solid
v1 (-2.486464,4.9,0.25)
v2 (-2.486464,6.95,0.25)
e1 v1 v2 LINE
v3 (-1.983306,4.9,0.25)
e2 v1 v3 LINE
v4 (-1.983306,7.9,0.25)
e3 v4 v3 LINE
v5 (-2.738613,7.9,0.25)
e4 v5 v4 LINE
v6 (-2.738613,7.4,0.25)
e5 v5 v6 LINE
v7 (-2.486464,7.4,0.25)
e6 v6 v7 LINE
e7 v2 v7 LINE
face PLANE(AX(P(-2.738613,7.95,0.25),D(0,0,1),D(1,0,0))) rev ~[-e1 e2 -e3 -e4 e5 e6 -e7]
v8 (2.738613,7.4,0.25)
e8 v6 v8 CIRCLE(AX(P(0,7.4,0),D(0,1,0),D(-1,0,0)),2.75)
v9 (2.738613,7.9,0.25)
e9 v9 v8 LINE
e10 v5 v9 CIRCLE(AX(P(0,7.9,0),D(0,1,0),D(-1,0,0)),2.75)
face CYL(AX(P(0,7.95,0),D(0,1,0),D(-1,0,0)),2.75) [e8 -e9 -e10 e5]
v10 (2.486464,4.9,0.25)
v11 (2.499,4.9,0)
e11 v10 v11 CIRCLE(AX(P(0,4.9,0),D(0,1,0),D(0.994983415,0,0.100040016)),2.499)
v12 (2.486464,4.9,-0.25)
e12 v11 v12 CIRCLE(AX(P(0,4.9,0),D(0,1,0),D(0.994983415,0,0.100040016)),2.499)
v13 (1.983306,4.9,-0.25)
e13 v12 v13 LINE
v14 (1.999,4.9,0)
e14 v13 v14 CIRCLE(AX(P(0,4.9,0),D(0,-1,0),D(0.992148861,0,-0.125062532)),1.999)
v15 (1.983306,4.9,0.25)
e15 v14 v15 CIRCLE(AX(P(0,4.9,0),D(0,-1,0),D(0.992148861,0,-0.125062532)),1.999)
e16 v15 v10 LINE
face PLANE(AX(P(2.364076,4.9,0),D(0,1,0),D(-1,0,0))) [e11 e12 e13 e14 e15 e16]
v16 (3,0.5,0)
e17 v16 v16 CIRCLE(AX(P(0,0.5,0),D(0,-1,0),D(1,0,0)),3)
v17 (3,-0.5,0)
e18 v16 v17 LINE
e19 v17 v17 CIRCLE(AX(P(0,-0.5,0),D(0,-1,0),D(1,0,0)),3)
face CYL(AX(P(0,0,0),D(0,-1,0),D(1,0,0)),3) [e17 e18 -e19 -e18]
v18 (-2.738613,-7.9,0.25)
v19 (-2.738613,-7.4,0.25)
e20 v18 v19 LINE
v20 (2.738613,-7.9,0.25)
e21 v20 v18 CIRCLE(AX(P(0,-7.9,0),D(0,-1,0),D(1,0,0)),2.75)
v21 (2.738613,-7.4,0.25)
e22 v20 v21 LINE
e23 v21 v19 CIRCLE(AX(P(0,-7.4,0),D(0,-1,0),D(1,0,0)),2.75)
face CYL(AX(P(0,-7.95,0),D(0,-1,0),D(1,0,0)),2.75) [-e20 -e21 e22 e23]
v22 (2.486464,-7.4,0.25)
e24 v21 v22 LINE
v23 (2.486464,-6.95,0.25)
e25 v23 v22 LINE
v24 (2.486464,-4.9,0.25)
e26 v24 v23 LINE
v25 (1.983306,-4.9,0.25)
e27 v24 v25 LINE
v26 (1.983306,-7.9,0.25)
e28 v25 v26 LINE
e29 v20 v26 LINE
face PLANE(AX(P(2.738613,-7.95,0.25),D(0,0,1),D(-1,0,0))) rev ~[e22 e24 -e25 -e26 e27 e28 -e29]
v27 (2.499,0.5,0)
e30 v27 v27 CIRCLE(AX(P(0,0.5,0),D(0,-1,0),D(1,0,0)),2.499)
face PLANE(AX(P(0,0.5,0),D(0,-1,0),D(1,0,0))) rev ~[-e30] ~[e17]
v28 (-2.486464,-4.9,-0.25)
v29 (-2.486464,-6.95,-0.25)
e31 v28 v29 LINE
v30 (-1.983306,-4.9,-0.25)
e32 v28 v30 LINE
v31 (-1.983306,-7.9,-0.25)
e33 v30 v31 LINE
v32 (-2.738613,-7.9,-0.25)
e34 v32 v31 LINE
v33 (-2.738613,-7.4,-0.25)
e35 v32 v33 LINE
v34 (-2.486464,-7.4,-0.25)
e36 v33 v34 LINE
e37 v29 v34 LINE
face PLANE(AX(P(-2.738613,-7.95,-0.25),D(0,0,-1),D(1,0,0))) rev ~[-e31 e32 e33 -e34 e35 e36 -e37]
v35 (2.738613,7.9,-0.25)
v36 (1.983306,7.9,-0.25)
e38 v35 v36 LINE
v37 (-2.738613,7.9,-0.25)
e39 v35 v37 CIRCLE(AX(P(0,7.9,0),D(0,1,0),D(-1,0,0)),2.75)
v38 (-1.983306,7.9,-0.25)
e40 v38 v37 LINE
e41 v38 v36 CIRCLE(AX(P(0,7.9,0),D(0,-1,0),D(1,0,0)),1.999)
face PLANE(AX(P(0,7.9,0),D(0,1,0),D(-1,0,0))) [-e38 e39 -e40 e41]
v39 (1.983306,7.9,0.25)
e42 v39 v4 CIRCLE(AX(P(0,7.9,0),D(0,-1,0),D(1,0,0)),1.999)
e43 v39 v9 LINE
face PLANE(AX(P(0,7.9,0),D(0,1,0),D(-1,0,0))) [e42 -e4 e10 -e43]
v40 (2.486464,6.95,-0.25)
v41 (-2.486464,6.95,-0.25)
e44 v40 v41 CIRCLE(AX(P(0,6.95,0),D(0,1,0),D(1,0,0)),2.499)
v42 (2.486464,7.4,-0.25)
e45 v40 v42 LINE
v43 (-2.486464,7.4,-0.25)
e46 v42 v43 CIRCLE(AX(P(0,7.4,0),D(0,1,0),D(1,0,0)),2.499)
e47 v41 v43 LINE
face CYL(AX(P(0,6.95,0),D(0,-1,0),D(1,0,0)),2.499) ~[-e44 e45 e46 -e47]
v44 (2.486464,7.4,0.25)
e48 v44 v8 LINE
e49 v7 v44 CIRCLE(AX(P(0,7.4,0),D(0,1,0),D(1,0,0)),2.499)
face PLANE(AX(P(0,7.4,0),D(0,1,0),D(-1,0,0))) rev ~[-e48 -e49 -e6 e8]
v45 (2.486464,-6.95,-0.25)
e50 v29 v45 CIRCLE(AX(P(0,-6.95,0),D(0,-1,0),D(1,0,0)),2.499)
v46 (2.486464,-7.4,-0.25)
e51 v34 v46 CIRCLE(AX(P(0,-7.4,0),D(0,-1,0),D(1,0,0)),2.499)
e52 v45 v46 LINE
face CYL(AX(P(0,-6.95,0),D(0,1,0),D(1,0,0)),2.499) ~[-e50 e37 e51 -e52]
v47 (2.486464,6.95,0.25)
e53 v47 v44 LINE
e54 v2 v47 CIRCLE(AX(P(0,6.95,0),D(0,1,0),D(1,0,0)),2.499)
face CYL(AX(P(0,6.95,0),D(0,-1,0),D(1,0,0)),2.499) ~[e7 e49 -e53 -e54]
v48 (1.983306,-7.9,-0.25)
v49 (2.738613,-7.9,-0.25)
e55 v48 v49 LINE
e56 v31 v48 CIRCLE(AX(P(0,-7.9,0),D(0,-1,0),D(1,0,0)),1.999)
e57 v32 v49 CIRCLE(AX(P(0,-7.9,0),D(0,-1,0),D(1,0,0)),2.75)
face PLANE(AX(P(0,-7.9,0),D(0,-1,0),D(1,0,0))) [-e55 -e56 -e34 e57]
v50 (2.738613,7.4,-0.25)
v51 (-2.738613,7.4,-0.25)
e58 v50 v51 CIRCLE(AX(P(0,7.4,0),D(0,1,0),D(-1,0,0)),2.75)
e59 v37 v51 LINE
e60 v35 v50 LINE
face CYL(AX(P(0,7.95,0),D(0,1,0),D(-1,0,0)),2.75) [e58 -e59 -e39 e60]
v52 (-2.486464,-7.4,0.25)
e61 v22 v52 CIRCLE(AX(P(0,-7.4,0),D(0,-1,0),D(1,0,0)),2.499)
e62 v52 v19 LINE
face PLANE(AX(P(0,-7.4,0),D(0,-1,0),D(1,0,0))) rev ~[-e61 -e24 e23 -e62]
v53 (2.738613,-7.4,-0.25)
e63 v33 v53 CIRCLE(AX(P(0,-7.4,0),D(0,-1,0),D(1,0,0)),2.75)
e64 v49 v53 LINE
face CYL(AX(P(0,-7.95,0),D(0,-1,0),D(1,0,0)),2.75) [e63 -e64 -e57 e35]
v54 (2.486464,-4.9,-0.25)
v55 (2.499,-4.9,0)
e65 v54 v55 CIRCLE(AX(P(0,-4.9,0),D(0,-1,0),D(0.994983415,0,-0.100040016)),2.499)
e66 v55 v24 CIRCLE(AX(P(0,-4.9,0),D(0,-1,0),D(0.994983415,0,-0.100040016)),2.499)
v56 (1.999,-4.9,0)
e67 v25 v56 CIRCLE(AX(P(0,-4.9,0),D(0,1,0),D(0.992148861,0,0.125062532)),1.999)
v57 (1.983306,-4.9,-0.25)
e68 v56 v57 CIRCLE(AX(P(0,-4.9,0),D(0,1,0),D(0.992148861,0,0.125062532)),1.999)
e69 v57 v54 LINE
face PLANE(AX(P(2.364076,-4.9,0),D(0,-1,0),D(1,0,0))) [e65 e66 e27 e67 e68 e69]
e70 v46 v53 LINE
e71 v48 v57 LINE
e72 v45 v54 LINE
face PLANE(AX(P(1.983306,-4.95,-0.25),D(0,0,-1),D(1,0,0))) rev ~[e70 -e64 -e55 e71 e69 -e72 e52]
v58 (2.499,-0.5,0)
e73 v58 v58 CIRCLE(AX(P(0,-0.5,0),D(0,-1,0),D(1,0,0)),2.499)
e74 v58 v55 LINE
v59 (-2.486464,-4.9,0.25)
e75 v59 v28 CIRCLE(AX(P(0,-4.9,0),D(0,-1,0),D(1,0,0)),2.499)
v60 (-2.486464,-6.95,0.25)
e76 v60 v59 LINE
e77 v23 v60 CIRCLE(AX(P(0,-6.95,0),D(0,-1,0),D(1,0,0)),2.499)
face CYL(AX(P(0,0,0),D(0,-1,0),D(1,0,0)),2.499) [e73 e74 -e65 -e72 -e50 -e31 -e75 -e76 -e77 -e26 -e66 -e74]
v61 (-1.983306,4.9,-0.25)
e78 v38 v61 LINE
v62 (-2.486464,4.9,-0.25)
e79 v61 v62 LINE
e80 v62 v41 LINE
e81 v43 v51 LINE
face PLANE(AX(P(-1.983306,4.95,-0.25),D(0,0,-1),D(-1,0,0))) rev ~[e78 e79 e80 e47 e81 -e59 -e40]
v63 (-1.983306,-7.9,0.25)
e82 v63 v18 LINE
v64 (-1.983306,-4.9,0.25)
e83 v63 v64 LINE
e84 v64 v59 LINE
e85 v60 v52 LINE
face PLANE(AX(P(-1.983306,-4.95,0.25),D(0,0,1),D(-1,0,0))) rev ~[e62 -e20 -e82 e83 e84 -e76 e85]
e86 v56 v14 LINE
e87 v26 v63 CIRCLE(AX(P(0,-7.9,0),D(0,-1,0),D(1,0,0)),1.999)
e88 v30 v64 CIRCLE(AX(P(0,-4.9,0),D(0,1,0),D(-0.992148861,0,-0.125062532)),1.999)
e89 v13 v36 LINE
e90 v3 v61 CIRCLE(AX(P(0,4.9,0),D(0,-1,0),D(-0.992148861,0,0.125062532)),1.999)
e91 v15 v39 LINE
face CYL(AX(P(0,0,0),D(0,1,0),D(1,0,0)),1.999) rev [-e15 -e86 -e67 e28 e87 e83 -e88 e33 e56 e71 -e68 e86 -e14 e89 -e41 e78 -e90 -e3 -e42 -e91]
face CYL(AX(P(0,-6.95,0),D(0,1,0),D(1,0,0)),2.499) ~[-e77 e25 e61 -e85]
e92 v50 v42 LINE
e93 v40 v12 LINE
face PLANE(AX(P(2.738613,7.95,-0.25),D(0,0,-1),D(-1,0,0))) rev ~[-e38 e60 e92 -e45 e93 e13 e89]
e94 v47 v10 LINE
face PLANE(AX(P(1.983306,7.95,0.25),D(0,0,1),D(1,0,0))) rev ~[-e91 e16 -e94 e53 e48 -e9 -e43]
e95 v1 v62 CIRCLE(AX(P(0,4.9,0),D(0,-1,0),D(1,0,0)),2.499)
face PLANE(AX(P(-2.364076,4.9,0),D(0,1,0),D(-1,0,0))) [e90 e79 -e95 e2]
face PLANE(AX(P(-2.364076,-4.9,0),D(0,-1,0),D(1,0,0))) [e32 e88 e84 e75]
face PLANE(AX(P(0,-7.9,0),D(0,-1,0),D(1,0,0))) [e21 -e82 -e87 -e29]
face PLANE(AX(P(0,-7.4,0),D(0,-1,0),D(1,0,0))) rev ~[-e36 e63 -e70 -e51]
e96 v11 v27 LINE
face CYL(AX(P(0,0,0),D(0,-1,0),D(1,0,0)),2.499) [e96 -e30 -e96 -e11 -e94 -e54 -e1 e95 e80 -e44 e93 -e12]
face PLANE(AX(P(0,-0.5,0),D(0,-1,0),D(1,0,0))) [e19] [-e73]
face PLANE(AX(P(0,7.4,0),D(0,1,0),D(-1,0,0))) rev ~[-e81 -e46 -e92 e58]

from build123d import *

# Parameters (mm, degrees)
F0_R      = 3
F0_R_2    = 2.499
F1_DEPTH  = 0.5
F0_R_3    = 1.999
F2_DEPTH  = 7.95
F3_R      = 2.75
F3_R_2    = 2.499
F3_R_3    = 1.999
F4_DEPTH  = 1
F6_DEPTH  = 3
F7_R      = 2.75
F7_R_2    = 2.499
F8_DEPTH  = 1
F10_DEPTH = 3
F11_DEPTH = 0.05
F12_DEPTH = 0.05
F13_DEPTH = 0.45
F14_DEPTH = 0.45


with BuildPart() as f1:
    # F0 (on Front) → F1 (new body, symmetric)
    with BuildSketch(Plane.XZ):
        Circle(F0_R)
        Circle(F0_R_2, mode=Mode.SUBTRACT)
    extrude(amount=F1_DEPTH, both=True)

    # F0 (on Front) → F2 (join, symmetric)
    with BuildSketch(Plane.XZ):
        Circle(F0_R_2)
        Circle(F0_R_3, mode=Mode.SUBTRACT)
    extrude(amount=F2_DEPTH, both=True)

    # F3 (on face) → F4 (join)
    with BuildSketch(Plane.XZ.offset(7.95)):
        Circle(F3_R)
        Circle(F3_R_2, mode=Mode.SUBTRACT)
        Circle(F3_R_2)
        Circle(F3_R_3, mode=Mode.SUBTRACT)
    extrude(amount=-F4_DEPTH)

    # F5 (on face) → F6 (cut)
    with BuildSketch(Plane.XZ.offset(7.95)):
        with BuildLine():
            Line((1.983305574, -0.25), (2.7386127875, -0.25))
            ThreePointArc((2.7386127875, -0.25), (2.75, 0), (2.7386127875, 0.25))
            Line((2.7386127875, 0.25), (1.983305574, 0.25))
            ThreePointArc((1.983305574, 0.25), (1.999, 0), (1.983305574, -0.25))
        make_face()
        with BuildLine():
            ThreePointArc((-1.983305574, -0.25), (-1.999, 0), (-1.983305574, 0.25))
            Line((-1.983305574, 0.25), (-2.7386127875, 0.25))
            ThreePointArc((-2.7386127875, 0.25), (-2.75, 0), (-2.7386127875, -0.25))
            Line((-2.7386127875, -0.25), (-1.983305574, -0.25))
        make_face()
    extrude(amount=-F6_DEPTH, mode=Mode.SUBTRACT)

    # F7 (on face) → F8 (join)
    with BuildSketch(Plane(origin=(0, 7.95, 0), x_dir=(-1, 0, 0), z_dir=(0, 1, 0))):
        Circle(F7_R)
        Circle(F7_R_2, mode=Mode.SUBTRACT)
    extrude(amount=-F8_DEPTH)

    # F9 (on face) → F10 (cut)
    with BuildSketch(Plane(origin=(0, 7.95, 0), x_dir=(-1, 0, 0), z_dir=(0, 1, 0))):
        with BuildLine():
            ThreePointArc((2.7386127875, -0.25), (2.75, 0), (2.7386127875, 0.25))
            Line((2.7386127875, 0.25), (1.983305574, 0.25))
            ThreePointArc((1.983305574, 0.25), (1.999, 0), (1.983305574, -0.25))
            Line((1.983305574, -0.25), (2.7386127875, -0.25))
        make_face()
        with BuildLine():
            Line((-1.983305574, 0.25), (-2.7386127875, 0.25))
            ThreePointArc((-2.7386127875, 0.25), (-2.75, 0), (-2.7386127875, -0.25))
            Line((-2.7386127875, -0.25), (-1.983305574, -0.25))
            ThreePointArc((-1.983305574, -0.25), (-1.999, 0), (-1.983305574, 0.25))
        make_face()
    extrude(amount=-F10_DEPTH, mode=Mode.SUBTRACT)

    # F11 (cut): faces of the model
    f11_faces = [f1.faces().sort_by_distance(p)[0] for p in [
        (-2.3609591808, 7.95, 0.3102079729),
        (2.2442931831, 4.95, 0),
        (0, 7.95, -2.6897920271),
        (-2.2442931831, 4.95, 0),
    ]]
    extrude(f11_faces, amount=-F11_DEPTH, mode=Mode.SUBTRACT)

    # F12 (cut): faces of the model
    f12_faces = [f1.faces().sort_by_distance(p)[0] for p in [
        (0, -7.95, 2.0592079729),
        (-2.2442931831, -4.95, 0),
        (2.3609591808, -7.95, -0.3102079729),
        (2.2442931831, -4.95, 0),
    ]]
    extrude(f12_faces, amount=-F12_DEPTH, mode=Mode.SUBTRACT)

    # F13 (cut): faces of the model
    f13_faces = [f1.faces().sort_by_distance(p)[0] for p in [
        (-2.6125381702, 6.95, 0.3102079729),
        (0, 6.95, -2.6897920271),
    ]]
    extrude(f13_faces, amount=-F13_DEPTH, mode=Mode.SUBTRACT)

    # F14 (cut): faces of the model
    f14_faces = [f1.faces().sort_by_distance(p)[0] for p in [
        (2.6125381702, -6.95, 0.3102079729),
        (0, -6.95, -2.6897920271),
    ]]
    extrude(f14_faces, amount=-F14_DEPTH, mode=Mode.SUBTRACT)


solid = f1.part
